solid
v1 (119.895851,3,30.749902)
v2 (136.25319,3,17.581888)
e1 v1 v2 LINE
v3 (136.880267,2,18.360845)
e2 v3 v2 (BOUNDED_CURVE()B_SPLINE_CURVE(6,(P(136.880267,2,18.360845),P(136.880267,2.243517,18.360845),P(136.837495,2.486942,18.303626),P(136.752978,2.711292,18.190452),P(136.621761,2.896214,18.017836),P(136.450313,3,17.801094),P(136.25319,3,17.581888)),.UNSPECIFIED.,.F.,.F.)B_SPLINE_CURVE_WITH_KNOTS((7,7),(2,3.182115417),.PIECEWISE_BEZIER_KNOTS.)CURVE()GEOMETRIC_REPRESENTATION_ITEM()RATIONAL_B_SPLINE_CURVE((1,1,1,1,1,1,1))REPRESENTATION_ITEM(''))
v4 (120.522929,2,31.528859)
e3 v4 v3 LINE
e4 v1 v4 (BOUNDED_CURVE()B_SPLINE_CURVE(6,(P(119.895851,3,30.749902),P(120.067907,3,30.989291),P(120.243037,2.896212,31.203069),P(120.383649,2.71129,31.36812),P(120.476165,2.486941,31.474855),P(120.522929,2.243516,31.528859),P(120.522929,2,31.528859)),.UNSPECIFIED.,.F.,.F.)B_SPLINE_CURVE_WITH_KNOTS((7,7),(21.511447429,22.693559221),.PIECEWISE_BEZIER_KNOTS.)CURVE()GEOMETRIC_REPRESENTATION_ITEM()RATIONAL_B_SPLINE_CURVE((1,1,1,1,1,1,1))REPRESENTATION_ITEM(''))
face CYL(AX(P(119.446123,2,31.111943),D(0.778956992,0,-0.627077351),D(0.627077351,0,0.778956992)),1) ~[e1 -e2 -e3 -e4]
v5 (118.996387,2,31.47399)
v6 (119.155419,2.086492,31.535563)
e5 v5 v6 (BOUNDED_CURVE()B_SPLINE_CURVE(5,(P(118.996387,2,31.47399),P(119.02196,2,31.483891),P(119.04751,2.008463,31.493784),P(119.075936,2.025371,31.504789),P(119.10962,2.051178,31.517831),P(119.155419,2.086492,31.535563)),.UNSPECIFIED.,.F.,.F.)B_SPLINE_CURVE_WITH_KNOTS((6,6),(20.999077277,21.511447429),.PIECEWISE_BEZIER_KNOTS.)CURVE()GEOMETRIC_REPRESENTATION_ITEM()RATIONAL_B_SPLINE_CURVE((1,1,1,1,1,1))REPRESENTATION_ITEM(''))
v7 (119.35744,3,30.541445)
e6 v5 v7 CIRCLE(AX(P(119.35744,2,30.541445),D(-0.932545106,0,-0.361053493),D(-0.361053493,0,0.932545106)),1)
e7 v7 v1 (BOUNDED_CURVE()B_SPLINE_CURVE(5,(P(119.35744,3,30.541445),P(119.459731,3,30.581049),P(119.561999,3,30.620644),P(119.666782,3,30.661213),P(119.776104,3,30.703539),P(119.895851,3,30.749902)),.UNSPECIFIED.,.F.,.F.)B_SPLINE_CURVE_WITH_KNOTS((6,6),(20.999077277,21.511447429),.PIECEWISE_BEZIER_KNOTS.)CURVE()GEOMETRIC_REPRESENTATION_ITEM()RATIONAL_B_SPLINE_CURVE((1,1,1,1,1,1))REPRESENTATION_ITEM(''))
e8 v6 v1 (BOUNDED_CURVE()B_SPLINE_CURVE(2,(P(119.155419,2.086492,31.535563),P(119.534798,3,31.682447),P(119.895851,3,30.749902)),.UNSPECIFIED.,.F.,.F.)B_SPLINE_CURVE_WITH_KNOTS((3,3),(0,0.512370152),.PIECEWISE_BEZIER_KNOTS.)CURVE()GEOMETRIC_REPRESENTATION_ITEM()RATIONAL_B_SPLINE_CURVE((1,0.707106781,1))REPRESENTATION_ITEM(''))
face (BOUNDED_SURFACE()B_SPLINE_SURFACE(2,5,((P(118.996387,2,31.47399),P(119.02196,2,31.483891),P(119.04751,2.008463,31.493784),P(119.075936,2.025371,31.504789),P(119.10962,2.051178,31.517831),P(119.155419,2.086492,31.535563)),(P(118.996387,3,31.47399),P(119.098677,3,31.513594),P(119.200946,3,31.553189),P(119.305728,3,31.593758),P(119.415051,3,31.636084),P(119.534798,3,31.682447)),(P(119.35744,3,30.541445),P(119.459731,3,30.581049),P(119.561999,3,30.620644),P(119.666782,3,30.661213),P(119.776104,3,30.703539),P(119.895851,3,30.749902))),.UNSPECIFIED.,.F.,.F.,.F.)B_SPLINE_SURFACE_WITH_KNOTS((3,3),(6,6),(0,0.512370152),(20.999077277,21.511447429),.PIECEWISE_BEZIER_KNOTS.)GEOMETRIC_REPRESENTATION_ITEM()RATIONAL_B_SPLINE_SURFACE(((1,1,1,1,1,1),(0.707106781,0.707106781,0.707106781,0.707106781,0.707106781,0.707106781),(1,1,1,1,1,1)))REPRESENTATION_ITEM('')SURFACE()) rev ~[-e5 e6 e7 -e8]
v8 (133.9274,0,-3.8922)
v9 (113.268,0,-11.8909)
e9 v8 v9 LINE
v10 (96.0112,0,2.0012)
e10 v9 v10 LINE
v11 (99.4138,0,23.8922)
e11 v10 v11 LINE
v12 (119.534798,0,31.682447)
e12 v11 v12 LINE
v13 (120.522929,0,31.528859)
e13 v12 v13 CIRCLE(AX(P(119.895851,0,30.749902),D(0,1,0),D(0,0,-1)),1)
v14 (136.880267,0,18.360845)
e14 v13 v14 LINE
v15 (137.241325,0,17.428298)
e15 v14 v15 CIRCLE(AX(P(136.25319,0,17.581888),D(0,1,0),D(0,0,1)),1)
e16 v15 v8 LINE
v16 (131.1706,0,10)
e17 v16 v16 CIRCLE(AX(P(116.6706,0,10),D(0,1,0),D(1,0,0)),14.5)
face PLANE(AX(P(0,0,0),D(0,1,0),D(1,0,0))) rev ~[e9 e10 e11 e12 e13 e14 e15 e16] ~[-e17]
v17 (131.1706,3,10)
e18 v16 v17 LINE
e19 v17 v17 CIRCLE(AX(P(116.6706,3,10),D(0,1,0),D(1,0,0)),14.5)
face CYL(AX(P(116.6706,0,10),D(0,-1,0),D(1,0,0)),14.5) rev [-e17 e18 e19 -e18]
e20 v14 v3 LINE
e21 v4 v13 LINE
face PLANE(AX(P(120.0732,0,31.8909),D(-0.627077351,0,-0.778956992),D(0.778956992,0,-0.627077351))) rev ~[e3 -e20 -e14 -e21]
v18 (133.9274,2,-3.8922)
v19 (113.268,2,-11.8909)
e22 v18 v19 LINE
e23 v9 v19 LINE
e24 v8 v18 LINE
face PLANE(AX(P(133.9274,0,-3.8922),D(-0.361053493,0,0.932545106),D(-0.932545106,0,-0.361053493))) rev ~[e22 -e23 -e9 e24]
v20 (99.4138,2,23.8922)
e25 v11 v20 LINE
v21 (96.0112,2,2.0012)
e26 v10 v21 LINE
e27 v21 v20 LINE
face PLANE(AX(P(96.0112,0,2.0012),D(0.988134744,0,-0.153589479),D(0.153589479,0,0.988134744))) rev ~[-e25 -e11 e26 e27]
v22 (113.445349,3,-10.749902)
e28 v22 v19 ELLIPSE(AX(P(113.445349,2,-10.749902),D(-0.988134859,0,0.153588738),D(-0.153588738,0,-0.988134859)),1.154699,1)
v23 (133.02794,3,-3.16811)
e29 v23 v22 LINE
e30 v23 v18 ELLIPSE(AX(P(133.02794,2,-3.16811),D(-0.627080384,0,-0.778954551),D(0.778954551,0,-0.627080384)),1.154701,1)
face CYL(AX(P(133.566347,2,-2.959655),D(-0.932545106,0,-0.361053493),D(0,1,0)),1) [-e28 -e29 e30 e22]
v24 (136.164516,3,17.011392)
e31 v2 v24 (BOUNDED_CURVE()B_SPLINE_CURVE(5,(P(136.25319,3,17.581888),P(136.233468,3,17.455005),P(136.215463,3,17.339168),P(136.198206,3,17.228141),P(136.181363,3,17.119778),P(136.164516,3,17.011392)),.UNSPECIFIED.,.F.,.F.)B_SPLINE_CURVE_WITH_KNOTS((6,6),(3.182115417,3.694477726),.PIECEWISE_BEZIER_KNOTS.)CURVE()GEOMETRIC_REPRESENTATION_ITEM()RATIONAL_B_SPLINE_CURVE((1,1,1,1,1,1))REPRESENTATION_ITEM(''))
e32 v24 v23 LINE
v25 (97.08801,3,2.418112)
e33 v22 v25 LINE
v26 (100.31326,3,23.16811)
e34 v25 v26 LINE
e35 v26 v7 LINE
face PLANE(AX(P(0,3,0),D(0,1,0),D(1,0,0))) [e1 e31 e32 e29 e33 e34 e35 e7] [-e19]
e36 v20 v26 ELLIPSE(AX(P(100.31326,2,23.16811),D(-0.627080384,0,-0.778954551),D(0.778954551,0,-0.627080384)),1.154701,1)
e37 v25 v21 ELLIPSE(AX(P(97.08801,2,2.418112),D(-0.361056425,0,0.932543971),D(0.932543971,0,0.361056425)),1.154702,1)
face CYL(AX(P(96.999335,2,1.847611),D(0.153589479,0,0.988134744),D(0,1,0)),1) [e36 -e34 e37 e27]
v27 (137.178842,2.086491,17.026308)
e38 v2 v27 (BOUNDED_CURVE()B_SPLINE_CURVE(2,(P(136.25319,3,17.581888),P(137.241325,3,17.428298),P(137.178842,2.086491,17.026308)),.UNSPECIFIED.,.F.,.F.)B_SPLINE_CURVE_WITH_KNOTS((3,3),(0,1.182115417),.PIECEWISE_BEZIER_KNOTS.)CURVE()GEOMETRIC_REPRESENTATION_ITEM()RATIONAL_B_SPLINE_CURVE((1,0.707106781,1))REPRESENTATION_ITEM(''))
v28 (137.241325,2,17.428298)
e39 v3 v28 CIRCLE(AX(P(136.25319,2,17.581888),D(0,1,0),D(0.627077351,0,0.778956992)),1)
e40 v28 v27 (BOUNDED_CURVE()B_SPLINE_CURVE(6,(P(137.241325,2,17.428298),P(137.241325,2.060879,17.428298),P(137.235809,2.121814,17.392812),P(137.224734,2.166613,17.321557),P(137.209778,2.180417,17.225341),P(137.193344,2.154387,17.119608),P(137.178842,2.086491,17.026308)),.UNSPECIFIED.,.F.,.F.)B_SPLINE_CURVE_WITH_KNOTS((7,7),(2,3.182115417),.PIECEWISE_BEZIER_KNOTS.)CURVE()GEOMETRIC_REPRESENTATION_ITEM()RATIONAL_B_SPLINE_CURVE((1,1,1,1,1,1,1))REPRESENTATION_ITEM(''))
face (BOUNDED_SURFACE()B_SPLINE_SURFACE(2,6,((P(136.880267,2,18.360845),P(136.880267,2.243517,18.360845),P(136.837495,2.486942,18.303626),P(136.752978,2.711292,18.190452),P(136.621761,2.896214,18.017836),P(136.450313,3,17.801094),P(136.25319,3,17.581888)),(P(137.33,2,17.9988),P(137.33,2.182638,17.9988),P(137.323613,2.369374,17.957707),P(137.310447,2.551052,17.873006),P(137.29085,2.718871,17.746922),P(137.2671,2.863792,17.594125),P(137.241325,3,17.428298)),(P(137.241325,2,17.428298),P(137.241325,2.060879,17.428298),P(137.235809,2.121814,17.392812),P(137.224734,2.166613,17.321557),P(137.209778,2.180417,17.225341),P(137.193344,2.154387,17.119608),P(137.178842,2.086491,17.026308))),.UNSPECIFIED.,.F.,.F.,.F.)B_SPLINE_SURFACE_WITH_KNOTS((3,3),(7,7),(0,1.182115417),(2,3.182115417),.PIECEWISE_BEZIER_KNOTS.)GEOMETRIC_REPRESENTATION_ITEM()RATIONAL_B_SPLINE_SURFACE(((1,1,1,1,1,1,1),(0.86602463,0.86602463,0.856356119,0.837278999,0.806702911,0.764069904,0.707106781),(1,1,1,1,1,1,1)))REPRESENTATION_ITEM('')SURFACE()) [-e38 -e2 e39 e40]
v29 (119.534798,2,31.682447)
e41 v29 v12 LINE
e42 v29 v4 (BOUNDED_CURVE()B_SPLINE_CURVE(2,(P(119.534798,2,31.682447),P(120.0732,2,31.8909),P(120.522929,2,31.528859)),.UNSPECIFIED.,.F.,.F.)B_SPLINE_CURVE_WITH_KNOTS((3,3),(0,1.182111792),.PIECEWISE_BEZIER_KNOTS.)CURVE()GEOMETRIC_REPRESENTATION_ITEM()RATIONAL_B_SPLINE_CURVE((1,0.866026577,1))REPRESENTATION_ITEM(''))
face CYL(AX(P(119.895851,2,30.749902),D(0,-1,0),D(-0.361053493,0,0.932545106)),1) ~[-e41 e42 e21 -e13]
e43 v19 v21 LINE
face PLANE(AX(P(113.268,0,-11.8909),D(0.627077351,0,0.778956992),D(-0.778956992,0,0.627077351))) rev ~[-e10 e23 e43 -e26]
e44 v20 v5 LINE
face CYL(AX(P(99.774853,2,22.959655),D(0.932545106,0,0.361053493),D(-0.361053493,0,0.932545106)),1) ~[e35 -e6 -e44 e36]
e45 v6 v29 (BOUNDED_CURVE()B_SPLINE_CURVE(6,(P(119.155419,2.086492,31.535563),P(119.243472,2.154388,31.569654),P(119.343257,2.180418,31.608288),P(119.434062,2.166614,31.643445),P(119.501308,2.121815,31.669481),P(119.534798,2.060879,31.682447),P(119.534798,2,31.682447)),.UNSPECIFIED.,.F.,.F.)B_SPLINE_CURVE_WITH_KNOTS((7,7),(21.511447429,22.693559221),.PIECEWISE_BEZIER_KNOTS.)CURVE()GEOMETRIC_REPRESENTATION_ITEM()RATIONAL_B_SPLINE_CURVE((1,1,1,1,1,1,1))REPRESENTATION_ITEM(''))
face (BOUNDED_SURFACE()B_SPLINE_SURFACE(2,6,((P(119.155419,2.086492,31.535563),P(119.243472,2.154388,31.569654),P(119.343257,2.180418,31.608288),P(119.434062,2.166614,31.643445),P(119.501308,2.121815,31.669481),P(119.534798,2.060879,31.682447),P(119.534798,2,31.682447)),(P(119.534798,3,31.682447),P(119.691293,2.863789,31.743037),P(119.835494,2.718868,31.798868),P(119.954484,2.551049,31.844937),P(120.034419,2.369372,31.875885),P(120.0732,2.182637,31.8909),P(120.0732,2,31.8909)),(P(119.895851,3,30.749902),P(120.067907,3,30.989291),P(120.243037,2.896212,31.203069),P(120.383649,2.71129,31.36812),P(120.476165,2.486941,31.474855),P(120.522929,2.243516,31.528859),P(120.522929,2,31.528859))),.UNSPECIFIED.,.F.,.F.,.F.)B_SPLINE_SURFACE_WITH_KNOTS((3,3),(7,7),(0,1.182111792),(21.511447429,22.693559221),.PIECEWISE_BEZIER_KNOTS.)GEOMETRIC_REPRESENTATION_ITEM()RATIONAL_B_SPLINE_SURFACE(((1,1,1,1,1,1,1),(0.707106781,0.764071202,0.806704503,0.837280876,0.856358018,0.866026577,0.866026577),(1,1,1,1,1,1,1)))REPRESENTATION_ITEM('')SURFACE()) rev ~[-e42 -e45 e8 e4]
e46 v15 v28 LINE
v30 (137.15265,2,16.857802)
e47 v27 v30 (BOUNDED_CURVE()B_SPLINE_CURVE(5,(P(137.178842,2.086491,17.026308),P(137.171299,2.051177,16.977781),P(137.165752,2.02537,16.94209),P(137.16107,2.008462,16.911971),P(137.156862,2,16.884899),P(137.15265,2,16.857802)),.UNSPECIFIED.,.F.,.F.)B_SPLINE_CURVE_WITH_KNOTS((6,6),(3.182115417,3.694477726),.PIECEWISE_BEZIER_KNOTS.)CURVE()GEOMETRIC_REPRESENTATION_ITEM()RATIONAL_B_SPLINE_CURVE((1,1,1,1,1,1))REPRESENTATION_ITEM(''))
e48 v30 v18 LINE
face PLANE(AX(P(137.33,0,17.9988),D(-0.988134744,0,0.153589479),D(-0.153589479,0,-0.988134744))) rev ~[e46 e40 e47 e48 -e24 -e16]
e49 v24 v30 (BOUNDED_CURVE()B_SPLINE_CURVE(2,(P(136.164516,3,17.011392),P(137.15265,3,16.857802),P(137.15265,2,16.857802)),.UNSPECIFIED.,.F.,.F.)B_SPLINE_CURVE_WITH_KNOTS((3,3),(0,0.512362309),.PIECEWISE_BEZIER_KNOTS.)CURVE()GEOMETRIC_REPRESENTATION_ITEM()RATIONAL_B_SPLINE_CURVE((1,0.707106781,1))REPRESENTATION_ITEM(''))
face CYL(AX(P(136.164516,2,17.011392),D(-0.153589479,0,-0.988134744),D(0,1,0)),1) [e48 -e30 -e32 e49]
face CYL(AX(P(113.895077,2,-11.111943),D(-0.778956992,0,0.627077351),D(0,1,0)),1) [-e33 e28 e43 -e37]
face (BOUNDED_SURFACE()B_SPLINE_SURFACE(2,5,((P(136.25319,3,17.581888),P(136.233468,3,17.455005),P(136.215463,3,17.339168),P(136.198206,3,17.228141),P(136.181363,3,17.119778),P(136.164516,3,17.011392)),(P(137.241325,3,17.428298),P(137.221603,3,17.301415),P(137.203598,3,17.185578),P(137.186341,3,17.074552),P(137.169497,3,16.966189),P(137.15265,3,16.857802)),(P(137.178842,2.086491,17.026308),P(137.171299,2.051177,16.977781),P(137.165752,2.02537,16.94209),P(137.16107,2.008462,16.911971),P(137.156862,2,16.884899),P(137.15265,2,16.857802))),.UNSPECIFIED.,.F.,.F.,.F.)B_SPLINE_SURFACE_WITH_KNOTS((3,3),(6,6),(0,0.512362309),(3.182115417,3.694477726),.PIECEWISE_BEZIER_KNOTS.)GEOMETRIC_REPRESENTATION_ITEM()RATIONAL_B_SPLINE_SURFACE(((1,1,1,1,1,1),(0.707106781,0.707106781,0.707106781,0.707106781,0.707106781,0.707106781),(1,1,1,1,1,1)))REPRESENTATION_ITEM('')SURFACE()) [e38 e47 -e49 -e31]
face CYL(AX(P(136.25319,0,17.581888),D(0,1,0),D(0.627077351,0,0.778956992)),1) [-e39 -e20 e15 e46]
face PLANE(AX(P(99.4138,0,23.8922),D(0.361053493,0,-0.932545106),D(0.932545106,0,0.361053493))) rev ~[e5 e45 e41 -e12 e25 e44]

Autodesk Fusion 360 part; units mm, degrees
sketch "Sketch1" plane through (0, 0, 0) normal (0, 1, 0) x (1, 0, 0)
  circle A0 centre (116.6706, -10) radius 14.5
  line L0 (137.33, -17.9988) -> (133.9274, 3.8922)
  line L1 (133.9274, 3.8922) -> (113.268, 11.8909)
  line L2 (113.268, 11.8909) -> (96.0112, -2.0012)
  line L3 (96.0112, -2.0012) -> (99.4138, -23.8922)
  line L4 (99.4138, -23.8922) -> (120.0732, -31.8909)
  line L5 (120.0732, -31.8909) -> (137.33, -17.9988)
  point P0 (116.6706, -10)
  dimension "d140" = 29
extrude "Extrude1" add sketch "Sketch1" along normal blind 3
fillet "Fillet1" radius 1 1 edges at (128.7016, 3, 24.9448)
fillet "Fillet2" radius 1 9 edges at (109.2051, 3, 27.6831) (119.7578, 2.7071, 31.7688) (120.0732, 1, 31.8909) (137.33, 1, 17.9988) (137.2781, 2.7071, 17.6646) (135.54, 3, 6.4828) (123.5977, 3, -7.8916) (97.7125, 3, 12.9467) (104.6396, 3, -4.9448)
equation "d140 = buttonOD + 1 mm"
equation "buttonOD = 28 mm"
